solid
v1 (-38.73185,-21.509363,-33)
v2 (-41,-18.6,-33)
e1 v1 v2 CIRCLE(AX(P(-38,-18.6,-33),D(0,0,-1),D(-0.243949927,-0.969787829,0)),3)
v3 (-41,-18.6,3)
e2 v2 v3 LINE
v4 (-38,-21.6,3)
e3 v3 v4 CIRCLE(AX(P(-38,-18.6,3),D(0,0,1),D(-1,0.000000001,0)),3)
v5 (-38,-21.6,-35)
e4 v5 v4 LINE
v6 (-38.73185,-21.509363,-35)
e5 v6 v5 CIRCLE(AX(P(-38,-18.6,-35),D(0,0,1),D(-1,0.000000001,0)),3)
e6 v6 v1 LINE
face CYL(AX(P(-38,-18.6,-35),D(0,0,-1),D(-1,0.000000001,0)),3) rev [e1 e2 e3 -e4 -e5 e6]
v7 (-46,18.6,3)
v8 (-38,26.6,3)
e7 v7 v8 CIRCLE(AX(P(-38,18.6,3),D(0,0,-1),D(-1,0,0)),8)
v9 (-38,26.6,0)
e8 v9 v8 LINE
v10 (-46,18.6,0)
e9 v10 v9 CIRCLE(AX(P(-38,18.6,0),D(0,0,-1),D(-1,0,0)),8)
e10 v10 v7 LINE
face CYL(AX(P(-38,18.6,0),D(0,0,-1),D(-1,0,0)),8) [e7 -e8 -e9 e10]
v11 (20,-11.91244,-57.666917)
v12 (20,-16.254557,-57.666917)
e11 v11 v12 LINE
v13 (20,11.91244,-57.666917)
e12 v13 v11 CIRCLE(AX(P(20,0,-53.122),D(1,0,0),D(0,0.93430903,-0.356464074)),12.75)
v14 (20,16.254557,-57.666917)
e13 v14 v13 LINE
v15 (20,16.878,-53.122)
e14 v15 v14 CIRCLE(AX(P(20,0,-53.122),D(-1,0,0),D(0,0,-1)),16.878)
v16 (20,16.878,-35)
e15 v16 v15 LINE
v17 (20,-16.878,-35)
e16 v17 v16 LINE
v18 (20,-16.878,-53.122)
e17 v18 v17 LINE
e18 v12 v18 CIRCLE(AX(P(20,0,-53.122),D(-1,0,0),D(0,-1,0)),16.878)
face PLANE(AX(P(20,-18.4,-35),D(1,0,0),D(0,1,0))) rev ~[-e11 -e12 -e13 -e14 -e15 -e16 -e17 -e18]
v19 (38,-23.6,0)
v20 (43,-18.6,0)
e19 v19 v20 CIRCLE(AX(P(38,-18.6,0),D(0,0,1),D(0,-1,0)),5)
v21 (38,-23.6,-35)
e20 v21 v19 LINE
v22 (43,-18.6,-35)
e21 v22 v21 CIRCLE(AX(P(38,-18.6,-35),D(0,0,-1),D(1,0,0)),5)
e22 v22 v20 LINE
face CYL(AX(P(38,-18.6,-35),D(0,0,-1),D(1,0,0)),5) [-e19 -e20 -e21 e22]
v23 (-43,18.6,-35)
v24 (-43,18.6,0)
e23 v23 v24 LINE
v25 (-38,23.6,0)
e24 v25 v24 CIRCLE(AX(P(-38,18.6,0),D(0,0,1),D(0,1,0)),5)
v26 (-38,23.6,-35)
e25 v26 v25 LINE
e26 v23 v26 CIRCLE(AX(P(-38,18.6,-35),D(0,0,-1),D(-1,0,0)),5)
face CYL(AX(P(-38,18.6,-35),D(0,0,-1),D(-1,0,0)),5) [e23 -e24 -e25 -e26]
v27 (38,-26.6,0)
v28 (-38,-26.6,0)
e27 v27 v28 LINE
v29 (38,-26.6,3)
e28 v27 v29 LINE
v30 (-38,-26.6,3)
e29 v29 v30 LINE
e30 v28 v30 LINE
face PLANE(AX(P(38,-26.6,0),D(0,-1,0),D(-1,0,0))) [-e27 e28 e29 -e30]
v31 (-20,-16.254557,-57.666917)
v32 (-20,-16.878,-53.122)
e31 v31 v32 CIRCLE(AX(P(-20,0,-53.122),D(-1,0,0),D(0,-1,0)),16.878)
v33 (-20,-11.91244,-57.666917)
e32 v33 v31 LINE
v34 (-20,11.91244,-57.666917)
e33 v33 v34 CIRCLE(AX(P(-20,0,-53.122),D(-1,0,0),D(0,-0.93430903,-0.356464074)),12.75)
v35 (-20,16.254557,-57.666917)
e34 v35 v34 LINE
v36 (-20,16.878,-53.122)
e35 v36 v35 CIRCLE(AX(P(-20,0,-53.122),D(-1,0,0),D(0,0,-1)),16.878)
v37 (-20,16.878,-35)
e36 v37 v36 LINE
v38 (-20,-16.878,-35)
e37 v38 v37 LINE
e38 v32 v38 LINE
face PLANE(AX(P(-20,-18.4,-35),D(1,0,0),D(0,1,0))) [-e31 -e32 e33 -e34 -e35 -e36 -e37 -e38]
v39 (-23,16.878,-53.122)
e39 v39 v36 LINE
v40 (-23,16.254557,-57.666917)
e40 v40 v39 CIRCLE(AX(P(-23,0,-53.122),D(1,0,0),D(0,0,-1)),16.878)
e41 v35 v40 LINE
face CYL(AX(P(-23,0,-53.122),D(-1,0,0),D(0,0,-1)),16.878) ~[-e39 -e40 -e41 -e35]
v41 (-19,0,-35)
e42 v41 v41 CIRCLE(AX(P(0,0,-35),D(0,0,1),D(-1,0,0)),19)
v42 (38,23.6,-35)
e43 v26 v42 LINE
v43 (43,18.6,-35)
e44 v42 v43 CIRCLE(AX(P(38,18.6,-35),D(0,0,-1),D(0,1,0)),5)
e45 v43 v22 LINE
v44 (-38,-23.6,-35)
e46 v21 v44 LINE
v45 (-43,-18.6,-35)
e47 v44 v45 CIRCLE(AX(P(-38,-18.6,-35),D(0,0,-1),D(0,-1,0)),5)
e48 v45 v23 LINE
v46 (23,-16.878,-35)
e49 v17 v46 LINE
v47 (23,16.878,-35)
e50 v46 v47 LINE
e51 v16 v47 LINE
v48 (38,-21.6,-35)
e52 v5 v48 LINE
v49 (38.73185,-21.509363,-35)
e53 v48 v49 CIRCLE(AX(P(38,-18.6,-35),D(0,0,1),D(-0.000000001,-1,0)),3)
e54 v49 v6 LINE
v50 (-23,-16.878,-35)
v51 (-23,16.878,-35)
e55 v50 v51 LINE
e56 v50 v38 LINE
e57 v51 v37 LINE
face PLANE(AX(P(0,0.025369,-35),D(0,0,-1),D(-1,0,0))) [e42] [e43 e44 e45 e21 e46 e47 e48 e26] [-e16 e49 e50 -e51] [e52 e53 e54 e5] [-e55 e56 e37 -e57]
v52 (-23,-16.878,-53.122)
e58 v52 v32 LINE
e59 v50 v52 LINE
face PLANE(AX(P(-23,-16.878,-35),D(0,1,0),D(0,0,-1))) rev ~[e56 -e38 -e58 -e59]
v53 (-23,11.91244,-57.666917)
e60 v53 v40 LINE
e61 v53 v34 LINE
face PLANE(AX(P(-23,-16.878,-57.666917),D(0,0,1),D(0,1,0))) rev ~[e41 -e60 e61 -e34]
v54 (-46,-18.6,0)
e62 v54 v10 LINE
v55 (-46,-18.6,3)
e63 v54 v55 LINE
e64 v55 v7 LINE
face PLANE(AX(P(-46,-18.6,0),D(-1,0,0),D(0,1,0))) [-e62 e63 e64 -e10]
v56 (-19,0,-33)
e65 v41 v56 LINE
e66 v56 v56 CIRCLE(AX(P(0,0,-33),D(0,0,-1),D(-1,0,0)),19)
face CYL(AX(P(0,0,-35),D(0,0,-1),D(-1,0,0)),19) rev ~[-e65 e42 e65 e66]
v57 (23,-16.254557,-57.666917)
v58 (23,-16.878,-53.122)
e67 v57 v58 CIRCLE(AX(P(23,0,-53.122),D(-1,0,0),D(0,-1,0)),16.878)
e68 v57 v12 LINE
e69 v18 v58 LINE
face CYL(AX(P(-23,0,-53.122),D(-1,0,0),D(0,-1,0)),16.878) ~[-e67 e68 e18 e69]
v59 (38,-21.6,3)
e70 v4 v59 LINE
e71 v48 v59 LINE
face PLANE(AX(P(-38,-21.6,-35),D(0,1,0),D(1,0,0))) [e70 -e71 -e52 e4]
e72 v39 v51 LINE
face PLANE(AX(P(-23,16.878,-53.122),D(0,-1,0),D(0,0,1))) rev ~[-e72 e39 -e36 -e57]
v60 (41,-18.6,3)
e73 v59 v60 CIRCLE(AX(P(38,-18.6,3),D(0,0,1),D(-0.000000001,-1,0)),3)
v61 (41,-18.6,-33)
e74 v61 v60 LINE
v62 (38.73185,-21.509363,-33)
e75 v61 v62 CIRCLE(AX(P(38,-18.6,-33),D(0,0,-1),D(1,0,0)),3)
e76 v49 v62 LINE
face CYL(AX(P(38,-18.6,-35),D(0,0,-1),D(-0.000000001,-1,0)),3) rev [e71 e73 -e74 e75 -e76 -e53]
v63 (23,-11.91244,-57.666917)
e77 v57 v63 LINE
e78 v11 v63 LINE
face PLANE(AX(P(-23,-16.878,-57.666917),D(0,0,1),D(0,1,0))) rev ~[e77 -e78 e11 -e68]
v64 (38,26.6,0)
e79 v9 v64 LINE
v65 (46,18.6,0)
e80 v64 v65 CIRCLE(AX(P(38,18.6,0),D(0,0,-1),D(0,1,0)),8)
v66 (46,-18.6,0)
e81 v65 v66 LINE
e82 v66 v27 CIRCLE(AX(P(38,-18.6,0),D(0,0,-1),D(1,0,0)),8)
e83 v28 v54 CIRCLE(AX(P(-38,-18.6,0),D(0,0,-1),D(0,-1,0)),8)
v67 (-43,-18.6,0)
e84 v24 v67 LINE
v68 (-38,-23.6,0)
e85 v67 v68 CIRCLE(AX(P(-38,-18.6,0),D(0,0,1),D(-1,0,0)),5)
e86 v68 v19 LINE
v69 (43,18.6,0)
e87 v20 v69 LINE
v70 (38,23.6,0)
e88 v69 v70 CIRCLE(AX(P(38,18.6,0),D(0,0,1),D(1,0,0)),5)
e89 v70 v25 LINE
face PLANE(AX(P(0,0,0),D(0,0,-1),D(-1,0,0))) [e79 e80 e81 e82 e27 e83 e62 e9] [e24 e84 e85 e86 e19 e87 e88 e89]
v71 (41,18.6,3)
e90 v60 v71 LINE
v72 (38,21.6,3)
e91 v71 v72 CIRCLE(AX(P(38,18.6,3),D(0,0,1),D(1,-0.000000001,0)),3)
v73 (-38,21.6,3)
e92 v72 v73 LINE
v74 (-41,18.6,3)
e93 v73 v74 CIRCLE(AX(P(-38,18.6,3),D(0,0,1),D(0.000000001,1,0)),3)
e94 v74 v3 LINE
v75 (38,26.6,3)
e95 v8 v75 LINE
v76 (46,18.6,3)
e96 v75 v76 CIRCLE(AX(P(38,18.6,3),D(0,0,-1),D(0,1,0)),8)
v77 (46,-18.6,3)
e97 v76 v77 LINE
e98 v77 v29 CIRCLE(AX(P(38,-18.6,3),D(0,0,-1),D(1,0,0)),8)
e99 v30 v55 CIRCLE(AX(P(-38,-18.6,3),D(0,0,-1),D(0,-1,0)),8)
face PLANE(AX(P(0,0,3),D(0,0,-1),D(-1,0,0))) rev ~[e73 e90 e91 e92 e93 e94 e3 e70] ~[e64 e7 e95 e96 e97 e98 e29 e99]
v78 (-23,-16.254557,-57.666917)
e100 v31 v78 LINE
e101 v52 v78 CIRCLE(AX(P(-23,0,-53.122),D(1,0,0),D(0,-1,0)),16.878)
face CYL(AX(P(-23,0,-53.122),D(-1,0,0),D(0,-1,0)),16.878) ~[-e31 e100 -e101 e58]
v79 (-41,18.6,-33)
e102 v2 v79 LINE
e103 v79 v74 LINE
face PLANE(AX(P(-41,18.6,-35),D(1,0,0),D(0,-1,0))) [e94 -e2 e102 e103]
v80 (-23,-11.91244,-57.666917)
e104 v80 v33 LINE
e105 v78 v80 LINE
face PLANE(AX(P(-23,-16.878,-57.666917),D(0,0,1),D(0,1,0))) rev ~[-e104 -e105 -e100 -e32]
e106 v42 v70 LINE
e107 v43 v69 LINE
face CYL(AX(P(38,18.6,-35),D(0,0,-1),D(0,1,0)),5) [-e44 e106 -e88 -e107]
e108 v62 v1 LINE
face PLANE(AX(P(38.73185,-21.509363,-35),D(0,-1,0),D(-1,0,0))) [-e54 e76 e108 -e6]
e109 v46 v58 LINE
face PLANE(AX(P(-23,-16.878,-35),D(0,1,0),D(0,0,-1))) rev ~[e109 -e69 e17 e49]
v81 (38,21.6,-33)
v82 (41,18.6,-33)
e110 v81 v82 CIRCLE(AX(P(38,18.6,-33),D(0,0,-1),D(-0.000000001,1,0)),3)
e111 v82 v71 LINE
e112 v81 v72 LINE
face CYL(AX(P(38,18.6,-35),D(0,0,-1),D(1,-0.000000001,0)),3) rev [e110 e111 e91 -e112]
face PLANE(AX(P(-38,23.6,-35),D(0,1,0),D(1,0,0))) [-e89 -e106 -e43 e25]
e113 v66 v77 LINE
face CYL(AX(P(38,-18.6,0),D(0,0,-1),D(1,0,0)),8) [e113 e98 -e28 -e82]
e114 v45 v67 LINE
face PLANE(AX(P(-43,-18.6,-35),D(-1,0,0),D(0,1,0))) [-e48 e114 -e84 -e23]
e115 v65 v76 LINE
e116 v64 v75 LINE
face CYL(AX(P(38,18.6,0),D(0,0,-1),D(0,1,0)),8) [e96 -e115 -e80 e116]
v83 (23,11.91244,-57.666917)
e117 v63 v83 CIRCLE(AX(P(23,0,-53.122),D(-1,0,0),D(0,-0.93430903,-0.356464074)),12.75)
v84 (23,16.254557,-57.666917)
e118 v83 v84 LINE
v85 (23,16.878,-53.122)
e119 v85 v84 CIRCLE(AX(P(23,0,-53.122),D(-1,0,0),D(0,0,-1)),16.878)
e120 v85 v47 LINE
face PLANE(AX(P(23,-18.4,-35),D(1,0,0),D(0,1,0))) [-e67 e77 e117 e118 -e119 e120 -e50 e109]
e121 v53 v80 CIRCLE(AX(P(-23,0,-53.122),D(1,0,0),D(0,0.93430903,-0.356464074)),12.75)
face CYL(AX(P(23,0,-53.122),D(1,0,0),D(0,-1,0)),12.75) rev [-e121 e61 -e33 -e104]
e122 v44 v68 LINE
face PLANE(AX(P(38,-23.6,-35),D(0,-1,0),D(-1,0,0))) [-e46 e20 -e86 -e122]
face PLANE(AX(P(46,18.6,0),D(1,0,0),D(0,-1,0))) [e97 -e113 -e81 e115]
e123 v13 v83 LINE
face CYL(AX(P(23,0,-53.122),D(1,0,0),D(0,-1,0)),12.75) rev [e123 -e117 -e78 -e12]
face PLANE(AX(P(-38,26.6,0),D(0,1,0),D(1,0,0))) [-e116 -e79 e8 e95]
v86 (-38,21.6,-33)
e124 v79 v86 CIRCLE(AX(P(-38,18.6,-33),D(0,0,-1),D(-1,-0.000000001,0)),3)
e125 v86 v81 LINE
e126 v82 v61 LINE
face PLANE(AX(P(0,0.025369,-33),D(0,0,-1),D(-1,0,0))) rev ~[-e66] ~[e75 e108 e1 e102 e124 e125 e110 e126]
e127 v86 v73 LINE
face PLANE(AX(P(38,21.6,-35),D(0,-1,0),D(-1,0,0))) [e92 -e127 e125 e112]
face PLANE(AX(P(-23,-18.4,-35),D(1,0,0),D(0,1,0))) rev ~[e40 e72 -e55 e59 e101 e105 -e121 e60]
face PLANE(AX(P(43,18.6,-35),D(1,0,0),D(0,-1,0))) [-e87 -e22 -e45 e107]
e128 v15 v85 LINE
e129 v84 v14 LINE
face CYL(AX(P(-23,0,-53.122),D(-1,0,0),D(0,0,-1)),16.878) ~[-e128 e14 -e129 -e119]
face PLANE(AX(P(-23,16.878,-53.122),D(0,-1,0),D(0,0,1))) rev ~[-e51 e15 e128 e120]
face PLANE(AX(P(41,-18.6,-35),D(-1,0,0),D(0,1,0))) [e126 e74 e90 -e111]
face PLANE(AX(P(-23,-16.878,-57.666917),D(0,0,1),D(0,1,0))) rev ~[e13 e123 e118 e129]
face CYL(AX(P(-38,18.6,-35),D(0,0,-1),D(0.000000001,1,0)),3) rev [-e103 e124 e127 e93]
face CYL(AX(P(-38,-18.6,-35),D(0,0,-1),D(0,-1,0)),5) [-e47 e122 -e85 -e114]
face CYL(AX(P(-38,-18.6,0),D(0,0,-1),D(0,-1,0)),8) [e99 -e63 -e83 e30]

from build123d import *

# Parameters (mm, degrees)
BOSS_EXTRUDE1_DEPTH = 3
BOSS_EXTRUDE2_START = -38
BOSS_EXTRUDE2_DEPTH = 38
SKETCH3_R           = 19
BOSS_EXTRUDE3_DEPTH = 2
SKETCH4_W           = 3
SKETCH4_H           = 42
BOSS_EXTRUDE4_DEPTH = 35
CUT_EXTRUDE1_START  = -46
SKETCH5_R           = 12.75
CUT_EXTRUDE1_DEPTH  = 46
CUT_EXTRUDE2_REACH  = 103.826
CUT_EXTRUDE3_REACH  = 103.826
SKETCH7_W           = 14.582252834
SKETCH7_H           = 33.756


with BuildPart() as part:
    # Sketch1 → Boss-Extrude1 (new body)
    with BuildSketch(Plane.XY):
        with BuildLine():
            Line((-38, 26.6), (38, 26.6))
            ThreePointArc((38, 26.6), (43.656854249, 24.256854249), (46, 18.6))
            Line((46, 18.6), (46, -18.6))
            ThreePointArc((46, -18.6), (43.656854249, -24.256854249), (38, -26.6))
            Line((38, -26.6), (-38, -26.6))
            ThreePointArc((-38, -26.6), (-43.656854249, -24.256854249), (-46, -18.6))
            Line((-46, -18.6), (-46, 18.6))
            ThreePointArc((-46, 18.6), (-43.656854249, 24.256854249), (-38, 26.6))
        make_face()
        with BuildLine():
            Line((-38, -23.6), (38, -23.6))
            ThreePointArc((38, -23.6), (41.535533906, -22.135533906), (43, -18.6))
            Line((43, -18.6), (43, 18.6))
            ThreePointArc((43, 18.6), (41.535533906, 22.135533906), (38, 23.6))
            Line((38, 23.6), (-38, 23.6))
            ThreePointArc((-38, 23.6), (-41.535533906, 22.135533906), (-43, 18.6))
            Line((-43, 18.6), (-43, -18.6))
            ThreePointArc((-43, -18.6), (-41.535533906, -22.135533906), (-38, -23.6))
        make_face(mode=Mode.SUBTRACT)
    extrude(amount=BOSS_EXTRUDE1_DEPTH)

    # Sketch2 → Boss-Extrude2 (add)
    with BuildSketch(Plane.XY.offset(3).offset(BOSS_EXTRUDE2_START)):
        with BuildLine():
            Line((43, 18.6), (43, -18.6))
            ThreePointArc((43, -18.6), (41.535533906, -22.135533906), (38, -23.6))
            Line((38, -23.6), (-38, -23.6))
            ThreePointArc((-38, -23.6), (-41.535533906, -22.135533906), (-43, -18.6))
            Line((-43, -18.6), (-43, 18.6))
            ThreePointArc((-43, 18.6), (-41.535533906, 22.135533906), (-38, 23.6))
            Line((-38, 23.6), (38, 23.6))
            ThreePointArc((38, 23.6), (41.535533906, 22.135533906), (43, 18.6))
        make_face()
        with BuildLine():
            ThreePointArc((41, 18.6), (40.121320344, 20.721320344), (38, 21.6))
            Line((38, 21.6), (-38, 21.6))
            ThreePointArc((-38, 21.6), (-40.121320344, 20.721320344), (-41, 18.6))
            Line((-41, 18.6), (-41, -18.6))
            ThreePointArc((-41, -18.6), (-40.121320344, -20.721320344), (-38, -21.6))
            Line((-38, -21.6), (38, -21.6))
            ThreePointArc((38, -21.6), (40.121320344, -20.721320344), (41, -18.6))
            Line((41, -18.6), (41, 18.6))
        make_face(mode=Mode.SUBTRACT)
    extrude(amount=BOSS_EXTRUDE2_DEPTH)

    # Sketch3 → Boss-Extrude3 (add)
    with BuildSketch(Plane(origin=(0, 0, -35), x_dir=(-1, 0, 0), z_dir=(0, 0, -1))):
        with BuildLine():
            ThreePointArc((41, 18.6), (40.121320344, 20.721320344), (38, 21.6))
            Line((38, 21.6), (-38, 21.6))
            ThreePointArc((-38, 21.6), (-40.121320344, 20.721320344), (-41, 18.6))
            Line((-41, 18.6), (-41, -18.6))
            ThreePointArc((-41, -18.6), (-40.365961681, -20.444512219), (-38.731849783, -21.509363486))
            Line((-38.731849783, -21.509363486), (38.731849783, -21.509363486))
            ThreePointArc((38.731849783, -21.509363486), (40.365961681, -20.444512219), (41, -18.6))
            Line((41, -18.6), (41, 18.6))
        make_face()
        Circle(SKETCH3_R, mode=Mode.SUBTRACT)
    extrude(amount=-BOSS_EXTRUDE3_DEPTH)

    # Sketch4 → Boss-Extrude4 (add)
    with BuildSketch(Plane(origin=(0, 0, -35), x_dir=(-1, 0, 0), z_dir=(0, 0, -1))):
        with Locations((-21.5, 2.6)):
            Rectangle(SKETCH4_W, SKETCH4_H)
        with Locations((21.5, 2.6)):
            Rectangle(SKETCH4_W, SKETCH4_H)
    extrude(amount=BOSS_EXTRUDE4_DEPTH)

    # Sketch5 → Cut-Extrude1 (cut)
    with BuildSketch(Plane.ZY.offset(23).offset(CUT_EXTRUDE1_START)):
        with Locations(Location((-53.122, 0, 0), (0, 0, 270))):
            Circle(SKETCH5_R)
    extrude(amount=CUT_EXTRUDE1_DEPTH, mode=Mode.SUBTRACT)

    # Cut-Extrude2: up to this face of the body (flat: up to its plane)
    cut_extrude2_end = Plane(part.part.faces().sort_by_distance((23, -17.853282523, -52.5))[0])
    # Sketch6 → Cut-Extrude2 (cut, up to the picked face)
    with BuildSketch(Plane.ZY.offset(23), mode=Mode.PRIVATE) as cut_extrude2_sk1:
        with BuildLine():
            ThreePointArc((-53.122, -16.878), (-65.056548253, -11.934548253), (-70, 0))
            Line((-70, 0), (-70, -18.4))
            Line((-70, -18.4), (-35, -18.4))
            Line((-35, -18.4), (-35, -16.878))
            Line((-35, -16.878), (-53.122, -16.878))
        make_face()
    cut_extrude2_tool1 = split(extrude(cut_extrude2_sk1.sketch, amount=-CUT_EXTRUDE2_REACH, mode=Mode.PRIVATE), bisect_by=cut_extrude2_end, keep=Keep.BOTH, mode=Mode.PRIVATE)
    # Sketch6 → Cut-Extrude2 (cut, up to the picked face)
    with BuildSketch(Plane.ZY.offset(23), mode=Mode.PRIVATE) as cut_extrude2_sk2:
        with BuildLine():
            ThreePointArc((-70, 0), (-65.056548253, 11.934548253), (-53.122, 16.878))
            Line((-53.122, 16.878), (-35, 16.878))
            Line((-35, 16.878), (-35, 23.6))
            Line((-35, 23.6), (-70, 23.6))
            Line((-70, 23.6), (-70, 0))
        make_face()
    cut_extrude2_tool2 = split(extrude(cut_extrude2_sk2.sketch, amount=-CUT_EXTRUDE2_REACH, mode=Mode.PRIVATE), bisect_by=cut_extrude2_end, keep=Keep.BOTH, mode=Mode.PRIVATE)
    add(cut_extrude2_tool1.solids().sort_by(Axis((-23, -12.214152, -65.336152), (1, 0, 0)))[0], mode=Mode.SUBTRACT)
    add(cut_extrude2_tool2.solids().sort_by(Axis((-23, 18.768234, -55.331805), (1, 0, 0)))[0], mode=Mode.SUBTRACT)

    # Cut-Extrude3: up to this face of the body (flat: up to its plane)
    cut_extrude3_end = Plane(part.part.faces().sort_by_distance((23, 0, -35.486257909))[0])
    # Sketch7 → Cut-Extrude3 (cut, up to the picked face)
    with BuildSketch(Plane.ZY.offset(23), mode=Mode.PRIVATE) as cut_extrude3_sk1:
        with Locations((-64.958043362, 0)):
            Rectangle(SKETCH7_W, SKETCH7_H)
    cut_extrude3_tool1 = split(extrude(cut_extrude3_sk1.sketch, amount=-CUT_EXTRUDE3_REACH, mode=Mode.PRIVATE), bisect_by=cut_extrude3_end, keep=Keep.BOTH, mode=Mode.PRIVATE)
    add(cut_extrude3_tool1.solids().sort_by(Axis((-23, 0, -64.958043), (1, 0, 0)))[0], mode=Mode.SUBTRACT)


solid = part.part
